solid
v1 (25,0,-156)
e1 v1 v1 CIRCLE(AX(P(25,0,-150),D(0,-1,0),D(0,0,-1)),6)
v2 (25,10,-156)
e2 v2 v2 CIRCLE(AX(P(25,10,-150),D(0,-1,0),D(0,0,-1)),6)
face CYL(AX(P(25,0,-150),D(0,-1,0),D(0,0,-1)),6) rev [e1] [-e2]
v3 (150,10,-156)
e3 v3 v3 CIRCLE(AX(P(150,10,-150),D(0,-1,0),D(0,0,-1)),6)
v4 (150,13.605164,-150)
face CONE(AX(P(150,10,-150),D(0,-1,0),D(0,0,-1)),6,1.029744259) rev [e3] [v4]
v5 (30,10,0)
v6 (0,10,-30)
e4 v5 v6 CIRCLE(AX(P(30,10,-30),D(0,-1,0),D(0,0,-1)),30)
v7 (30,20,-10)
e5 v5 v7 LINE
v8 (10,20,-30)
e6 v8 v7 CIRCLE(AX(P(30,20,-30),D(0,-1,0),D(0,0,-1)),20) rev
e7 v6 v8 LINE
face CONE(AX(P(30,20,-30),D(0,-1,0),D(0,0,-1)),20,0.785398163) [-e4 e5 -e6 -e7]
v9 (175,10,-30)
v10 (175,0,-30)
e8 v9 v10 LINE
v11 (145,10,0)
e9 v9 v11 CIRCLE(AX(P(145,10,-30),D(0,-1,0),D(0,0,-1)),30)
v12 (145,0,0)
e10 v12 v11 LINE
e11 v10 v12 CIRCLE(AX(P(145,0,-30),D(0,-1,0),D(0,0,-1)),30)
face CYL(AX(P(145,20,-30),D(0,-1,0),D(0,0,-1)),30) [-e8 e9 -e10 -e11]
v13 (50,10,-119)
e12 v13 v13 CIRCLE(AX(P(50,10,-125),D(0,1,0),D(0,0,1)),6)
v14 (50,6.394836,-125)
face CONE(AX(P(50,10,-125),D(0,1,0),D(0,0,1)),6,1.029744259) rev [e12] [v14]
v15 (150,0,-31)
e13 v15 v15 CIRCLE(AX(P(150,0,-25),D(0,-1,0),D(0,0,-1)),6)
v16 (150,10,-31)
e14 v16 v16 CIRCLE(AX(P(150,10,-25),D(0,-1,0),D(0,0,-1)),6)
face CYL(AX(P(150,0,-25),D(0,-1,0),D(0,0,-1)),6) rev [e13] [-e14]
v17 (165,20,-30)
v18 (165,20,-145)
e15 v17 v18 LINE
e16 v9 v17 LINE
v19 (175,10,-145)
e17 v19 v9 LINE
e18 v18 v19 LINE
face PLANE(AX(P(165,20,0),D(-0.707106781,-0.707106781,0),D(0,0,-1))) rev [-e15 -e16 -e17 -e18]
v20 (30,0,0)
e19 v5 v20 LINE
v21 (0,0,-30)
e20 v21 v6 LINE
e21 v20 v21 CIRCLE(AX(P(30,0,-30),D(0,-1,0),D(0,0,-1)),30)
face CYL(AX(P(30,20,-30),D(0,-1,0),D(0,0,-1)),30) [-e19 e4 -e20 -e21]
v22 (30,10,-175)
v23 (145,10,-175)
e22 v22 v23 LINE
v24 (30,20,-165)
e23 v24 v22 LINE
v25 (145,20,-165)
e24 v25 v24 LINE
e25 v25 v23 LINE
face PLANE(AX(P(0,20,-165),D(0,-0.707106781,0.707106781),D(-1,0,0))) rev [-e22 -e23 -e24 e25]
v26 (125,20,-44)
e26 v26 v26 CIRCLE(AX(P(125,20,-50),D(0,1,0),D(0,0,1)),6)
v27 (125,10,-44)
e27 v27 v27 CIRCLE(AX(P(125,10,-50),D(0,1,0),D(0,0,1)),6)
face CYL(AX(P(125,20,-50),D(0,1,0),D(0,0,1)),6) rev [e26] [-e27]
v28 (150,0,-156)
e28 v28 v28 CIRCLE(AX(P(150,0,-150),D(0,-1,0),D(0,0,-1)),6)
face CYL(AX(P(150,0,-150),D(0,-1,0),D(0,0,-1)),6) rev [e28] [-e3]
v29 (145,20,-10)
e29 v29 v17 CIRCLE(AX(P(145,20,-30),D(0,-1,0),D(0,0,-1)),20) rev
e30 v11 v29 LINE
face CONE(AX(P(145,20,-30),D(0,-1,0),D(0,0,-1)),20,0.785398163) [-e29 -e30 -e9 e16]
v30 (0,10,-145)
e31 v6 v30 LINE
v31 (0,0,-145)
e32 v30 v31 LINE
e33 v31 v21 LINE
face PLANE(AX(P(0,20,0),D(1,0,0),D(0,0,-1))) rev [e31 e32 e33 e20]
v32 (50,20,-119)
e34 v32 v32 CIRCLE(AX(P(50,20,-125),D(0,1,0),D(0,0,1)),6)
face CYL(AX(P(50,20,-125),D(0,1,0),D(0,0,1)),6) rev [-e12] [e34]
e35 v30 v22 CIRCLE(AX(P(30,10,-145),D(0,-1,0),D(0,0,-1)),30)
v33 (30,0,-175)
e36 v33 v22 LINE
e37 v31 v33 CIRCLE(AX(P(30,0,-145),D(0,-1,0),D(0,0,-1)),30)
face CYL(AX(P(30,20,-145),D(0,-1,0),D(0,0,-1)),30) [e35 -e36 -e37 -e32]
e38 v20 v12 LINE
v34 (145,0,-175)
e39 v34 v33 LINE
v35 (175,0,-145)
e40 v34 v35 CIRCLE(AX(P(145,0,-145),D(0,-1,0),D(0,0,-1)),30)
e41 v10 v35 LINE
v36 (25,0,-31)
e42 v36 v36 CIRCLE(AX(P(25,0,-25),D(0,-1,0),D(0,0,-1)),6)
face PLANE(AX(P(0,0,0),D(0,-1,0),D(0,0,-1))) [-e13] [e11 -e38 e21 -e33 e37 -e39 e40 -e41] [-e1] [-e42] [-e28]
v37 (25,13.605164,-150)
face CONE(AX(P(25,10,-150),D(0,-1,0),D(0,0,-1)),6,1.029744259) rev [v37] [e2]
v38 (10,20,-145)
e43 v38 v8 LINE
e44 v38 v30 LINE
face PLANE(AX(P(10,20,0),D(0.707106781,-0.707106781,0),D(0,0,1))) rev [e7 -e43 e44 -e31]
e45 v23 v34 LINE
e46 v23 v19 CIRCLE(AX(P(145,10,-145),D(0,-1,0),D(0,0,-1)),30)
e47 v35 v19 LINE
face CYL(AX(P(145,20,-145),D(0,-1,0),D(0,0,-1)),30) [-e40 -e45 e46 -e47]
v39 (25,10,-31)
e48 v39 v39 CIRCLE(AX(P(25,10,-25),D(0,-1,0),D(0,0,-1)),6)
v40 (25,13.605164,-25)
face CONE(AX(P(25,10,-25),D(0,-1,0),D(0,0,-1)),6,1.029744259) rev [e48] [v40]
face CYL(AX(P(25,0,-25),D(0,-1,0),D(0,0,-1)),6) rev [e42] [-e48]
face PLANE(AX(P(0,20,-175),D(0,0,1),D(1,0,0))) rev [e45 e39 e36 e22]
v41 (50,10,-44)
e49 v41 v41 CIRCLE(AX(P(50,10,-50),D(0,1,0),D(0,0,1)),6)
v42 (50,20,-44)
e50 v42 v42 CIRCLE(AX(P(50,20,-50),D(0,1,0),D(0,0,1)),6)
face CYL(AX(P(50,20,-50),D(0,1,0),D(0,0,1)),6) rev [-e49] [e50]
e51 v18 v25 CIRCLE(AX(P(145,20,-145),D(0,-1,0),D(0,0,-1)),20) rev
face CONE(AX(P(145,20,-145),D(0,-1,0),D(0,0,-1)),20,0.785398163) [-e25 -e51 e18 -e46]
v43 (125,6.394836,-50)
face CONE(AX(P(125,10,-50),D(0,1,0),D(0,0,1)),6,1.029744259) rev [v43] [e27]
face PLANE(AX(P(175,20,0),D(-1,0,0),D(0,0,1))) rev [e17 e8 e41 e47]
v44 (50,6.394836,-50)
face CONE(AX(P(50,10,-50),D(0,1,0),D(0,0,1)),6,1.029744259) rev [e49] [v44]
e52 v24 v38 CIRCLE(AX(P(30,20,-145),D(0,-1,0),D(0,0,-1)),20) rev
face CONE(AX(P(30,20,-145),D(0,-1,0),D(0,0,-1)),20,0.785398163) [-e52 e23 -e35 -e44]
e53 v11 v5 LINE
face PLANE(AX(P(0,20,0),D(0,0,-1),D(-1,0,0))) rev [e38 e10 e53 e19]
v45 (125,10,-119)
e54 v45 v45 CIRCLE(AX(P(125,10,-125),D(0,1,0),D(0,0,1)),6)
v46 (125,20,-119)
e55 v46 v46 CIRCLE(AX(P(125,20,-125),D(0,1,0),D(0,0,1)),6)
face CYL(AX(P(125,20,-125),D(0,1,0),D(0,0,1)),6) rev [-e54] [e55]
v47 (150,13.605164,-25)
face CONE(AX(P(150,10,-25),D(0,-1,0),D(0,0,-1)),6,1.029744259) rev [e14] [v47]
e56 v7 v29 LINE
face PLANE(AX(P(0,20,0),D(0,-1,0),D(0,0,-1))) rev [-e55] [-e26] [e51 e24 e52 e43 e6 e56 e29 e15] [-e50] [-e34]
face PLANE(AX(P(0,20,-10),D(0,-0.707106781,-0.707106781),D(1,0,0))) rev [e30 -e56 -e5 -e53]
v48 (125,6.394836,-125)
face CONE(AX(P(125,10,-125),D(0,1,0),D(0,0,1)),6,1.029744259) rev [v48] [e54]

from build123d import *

# Parameters (mm, degrees)
SKETCH_1_W                 = 175
SKETCH_1_H                 = 175
EXTRUDE_1_DEPTH            = 20
FILLET_1_R                 = 30
CHAMFER_1_SIZE             = 10
F_20_0MM_1_D               = 12
F_20_0MM_1_DEPTH           = 10
F_20_0MM_1_TIP             = 3.605163714
F_20_0MM_1_ON_FACE_2_D     = 12
F_20_0MM_1_ON_FACE_2_DEPTH = 10
F_20_0MM_1_ON_FACE_2_TIP   = 3.605163714


with BuildPart() as part:
    # 草圖1 → 填料-伸長1 (new body)
    with BuildSketch(Plane(origin=(0, 0, 0), x_dir=(1, 0, 0), z_dir=(0, 1, 0))):
        with Locations((87.5, 87.5)):
            Rectangle(SKETCH_1_W, SKETCH_1_H)
    extrude(amount=EXTRUDE_1_DEPTH)

    # 圓角1
    fillet_1_edges = [part.edges().sort_by_distance(p)[0] for p in [
        (0, 10, -175),
        (175, 10, -175),
        (175, 10, 0),
        (0, 10, 0),
    ]]
    fillet(fillet_1_edges, radius=FILLET_1_R)

    # 導角1
    chamfer_1_edges = [part.edges().sort_by_distance(p)[0] for p in [
        (0, 20, -87.5),
        (87.5, 20, -175),
        (87.5, 20, 0),
        (175, 20, -87.5),
        (8.786796564, 20, -8.786796564),
        (166.213203436, 20, -8.786796564),
        (166.213203436, 20, -166.213203436),
        (8.786796564, 20, -166.213203436),
    ]]
    chamfer(chamfer_1_edges, length=CHAMFER_1_SIZE)

    # Ø20.0mm 定位孔1
    with Locations(Plane(origin=(50, 20, -50), x_dir=(0, 0, 1), z_dir=(0, 1, 0))):
        with Locations((0, 0), (-75, 0), (-75, 75), (0, 75)):
            Hole(F_20_0MM_1_D / 2, depth=F_20_0MM_1_DEPTH)
            with Locations((0, 0, -(F_20_0MM_1_DEPTH + F_20_0MM_1_TIP / 2))):  # 118° drill point
                Cone(0, F_20_0MM_1_D / 2, F_20_0MM_1_TIP, mode=Mode.SUBTRACT)

    # Ø20.0mm 定位孔1 on face 2
    with Locations(Plane(origin=(25, 0, -25), x_dir=(0, 0, -1), z_dir=(0, -1, 0))):
        with Locations((0, 0), (0, 125), (125, 125), (125, 0)):
            Hole(F_20_0MM_1_ON_FACE_2_D / 2, depth=F_20_0MM_1_ON_FACE_2_DEPTH)
            with Locations((0, 0, -(F_20_0MM_1_ON_FACE_2_DEPTH + F_20_0MM_1_ON_FACE_2_TIP / 2))):  # 118° drill point
                Cone(0, F_20_0MM_1_ON_FACE_2_D / 2, F_20_0MM_1_ON_FACE_2_TIP, mode=Mode.SUBTRACT)


solid = part.part
